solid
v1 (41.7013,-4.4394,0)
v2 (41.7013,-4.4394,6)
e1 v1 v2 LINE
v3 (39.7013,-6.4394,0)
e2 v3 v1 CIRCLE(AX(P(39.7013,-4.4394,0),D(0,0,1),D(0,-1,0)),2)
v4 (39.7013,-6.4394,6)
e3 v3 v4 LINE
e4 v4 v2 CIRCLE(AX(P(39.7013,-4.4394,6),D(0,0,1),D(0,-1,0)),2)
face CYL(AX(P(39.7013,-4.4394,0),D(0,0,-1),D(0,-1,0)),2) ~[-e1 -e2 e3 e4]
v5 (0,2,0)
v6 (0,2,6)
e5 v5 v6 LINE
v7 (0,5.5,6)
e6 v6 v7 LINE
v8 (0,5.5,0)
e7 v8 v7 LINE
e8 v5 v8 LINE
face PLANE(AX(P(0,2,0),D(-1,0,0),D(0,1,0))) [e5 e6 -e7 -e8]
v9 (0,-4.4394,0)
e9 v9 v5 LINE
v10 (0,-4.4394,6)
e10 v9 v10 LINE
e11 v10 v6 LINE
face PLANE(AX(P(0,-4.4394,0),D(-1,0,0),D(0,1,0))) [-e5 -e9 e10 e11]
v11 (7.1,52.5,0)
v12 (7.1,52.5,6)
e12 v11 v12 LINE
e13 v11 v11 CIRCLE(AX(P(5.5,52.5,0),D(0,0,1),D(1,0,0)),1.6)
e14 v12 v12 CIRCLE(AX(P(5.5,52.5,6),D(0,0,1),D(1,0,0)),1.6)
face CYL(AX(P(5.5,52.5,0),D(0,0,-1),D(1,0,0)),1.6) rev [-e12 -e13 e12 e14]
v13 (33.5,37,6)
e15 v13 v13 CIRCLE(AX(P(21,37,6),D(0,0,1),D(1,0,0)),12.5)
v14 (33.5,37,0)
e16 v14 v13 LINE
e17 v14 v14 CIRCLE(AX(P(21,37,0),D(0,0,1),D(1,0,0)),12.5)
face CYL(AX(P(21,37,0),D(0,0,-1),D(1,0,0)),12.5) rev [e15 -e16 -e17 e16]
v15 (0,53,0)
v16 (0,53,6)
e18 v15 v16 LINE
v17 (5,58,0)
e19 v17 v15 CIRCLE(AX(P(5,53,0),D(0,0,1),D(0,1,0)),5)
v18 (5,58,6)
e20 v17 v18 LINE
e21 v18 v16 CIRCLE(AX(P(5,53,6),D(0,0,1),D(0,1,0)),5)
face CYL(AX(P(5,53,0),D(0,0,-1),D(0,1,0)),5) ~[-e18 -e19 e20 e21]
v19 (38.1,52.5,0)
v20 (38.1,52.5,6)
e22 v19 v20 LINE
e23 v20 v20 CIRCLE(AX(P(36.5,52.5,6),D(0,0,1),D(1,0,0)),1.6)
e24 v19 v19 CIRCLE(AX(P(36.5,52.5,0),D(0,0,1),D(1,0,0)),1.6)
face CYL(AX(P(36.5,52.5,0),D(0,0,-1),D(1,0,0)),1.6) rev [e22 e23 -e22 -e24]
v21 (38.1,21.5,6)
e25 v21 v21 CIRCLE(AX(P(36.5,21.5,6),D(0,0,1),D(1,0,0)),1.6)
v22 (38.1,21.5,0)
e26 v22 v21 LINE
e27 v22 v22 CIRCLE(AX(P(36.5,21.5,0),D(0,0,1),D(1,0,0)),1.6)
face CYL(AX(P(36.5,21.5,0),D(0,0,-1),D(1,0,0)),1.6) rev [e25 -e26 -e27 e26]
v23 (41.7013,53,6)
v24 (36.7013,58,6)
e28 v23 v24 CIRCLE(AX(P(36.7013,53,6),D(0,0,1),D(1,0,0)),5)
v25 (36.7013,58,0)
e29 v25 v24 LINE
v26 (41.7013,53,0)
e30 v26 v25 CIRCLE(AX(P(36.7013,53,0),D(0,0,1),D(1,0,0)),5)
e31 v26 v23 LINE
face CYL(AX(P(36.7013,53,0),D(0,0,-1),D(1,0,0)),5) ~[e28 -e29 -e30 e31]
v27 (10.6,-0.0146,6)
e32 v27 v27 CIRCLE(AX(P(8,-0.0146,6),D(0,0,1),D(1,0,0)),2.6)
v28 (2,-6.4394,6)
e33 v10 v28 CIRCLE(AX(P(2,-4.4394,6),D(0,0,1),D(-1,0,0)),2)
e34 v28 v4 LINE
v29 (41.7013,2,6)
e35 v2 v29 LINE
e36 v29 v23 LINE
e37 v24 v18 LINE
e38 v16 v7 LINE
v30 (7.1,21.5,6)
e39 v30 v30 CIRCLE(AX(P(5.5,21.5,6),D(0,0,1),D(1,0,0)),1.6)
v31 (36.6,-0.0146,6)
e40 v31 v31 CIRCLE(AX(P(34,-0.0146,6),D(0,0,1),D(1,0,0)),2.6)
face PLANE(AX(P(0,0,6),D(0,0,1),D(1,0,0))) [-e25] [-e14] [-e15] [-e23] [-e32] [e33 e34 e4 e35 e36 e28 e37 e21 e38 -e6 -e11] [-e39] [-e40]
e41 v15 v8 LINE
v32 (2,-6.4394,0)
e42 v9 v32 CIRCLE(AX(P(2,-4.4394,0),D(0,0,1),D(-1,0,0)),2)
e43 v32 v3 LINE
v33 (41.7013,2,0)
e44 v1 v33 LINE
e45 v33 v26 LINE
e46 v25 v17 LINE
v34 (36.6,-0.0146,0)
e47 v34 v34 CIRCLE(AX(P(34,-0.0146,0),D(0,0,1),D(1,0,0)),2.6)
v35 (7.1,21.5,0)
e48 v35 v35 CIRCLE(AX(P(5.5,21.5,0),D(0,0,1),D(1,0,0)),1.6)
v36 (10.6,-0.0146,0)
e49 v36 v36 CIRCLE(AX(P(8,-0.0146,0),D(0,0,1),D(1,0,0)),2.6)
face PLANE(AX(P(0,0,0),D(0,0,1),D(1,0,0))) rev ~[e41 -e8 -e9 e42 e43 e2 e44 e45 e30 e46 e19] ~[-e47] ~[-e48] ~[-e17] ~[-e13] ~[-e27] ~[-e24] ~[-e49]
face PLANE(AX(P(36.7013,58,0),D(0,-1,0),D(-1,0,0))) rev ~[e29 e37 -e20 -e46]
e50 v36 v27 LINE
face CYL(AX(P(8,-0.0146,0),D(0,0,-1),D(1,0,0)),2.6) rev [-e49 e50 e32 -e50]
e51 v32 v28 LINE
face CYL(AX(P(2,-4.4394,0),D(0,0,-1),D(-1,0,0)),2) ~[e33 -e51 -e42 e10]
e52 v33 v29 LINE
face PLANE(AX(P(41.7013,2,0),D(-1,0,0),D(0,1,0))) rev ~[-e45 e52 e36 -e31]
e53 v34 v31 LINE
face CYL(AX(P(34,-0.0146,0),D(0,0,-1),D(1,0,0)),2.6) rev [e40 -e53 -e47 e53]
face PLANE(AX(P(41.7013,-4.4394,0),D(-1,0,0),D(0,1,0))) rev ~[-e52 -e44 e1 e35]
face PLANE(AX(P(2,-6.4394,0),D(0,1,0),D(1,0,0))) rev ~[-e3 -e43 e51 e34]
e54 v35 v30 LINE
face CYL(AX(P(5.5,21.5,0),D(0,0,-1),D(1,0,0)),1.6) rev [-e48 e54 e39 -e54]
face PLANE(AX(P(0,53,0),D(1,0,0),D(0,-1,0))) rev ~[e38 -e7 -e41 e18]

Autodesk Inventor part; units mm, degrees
ref_plane "YZ Plane" through (0, 0, 0) normal (1, 0, 0) x (0, 1, 0)
ref_plane "XZ Plane" through (0, 0, 0) normal (0, 1, 0) x (-1, 0, 0)
ref_plane "XY Plane" through (0, 0, 0) normal (0, 0, 1) x (1, 0, 0)
sketch "Sketch1" plane through (0, 0, 0) normal (0, 0, 1) x (1, 0, 0)
  line L0 (2, -8.4394) -> (39.7013, -8.4394)
  line L1 (41.7013, 2) -> (41.7013, 48)
  line L2 (36.7013, 53) -> (5, 53)
  line L3 (0, 48) -> (0, 2)
  line L4 (5, 53) -> (36.7013, 53)
  line L5 (41.7013, 48) -> (41.7013, 11.2987)
  line L6 (0, 11) -> (0, 48)
  circle A0 centre (21, 32) radius 12.5
  circle A1 centre (5.5, 47.5) radius 1.6
  circle A2 centre (36.5, 47.5) radius 1.6
  circle A3 centre (36.5, 16.5) radius 1.6
  circle A4 centre (5.5, 16.5) radius 1.6
  line L7 (0, 2) -> (0, 5.5)
  circle A5 centre (34, -0.0146) radius 2.6
  circle A6 centre (8, -0.0146) radius 2.6
  arc A7 (5, 53) -> (0, 48) centre (5, 48) ccw
  arc A8 (41.7013, 48) -> (36.7013, 53) centre (36.7013, 48) ccw
  arc A9 (0, -6.4394) -> (2, -8.4394) centre (2, -6.4394) ccw
  arc A10 (39.7013, -8.4394) -> (41.7013, -6.4353) centre (39.7013, -6.4394) ccw
  line L8 (8, 53) -> (71, 53) construction
  line L9 (8, -15.5146) -> (8, 4.4854)
  line L10 (8, 10) -> (19.9253, 10)
  line L11 (19.9253, 10) -> (19.9253, 0)
  line L12 (41.7013, -6.4394) -> (41.7013, 2)
  line L13 (0, -6.4394) -> (0, 2)
  line L14 (19.9253, 0) -> (19.9253, -8.5)
  point P0 (0, 0)
  point P1 (41.7013, 0)
  dimension "d8" = 3.2
  dimension "d9" = 3.2
  dimension "d10" = 5.5
  dimension "d13" = 5.2
  dimension "d14" = 5.2
  dimension "d16" = 2
  dimension "d22" = 20
  dimension "d23" = 10
  dimension "d24" = 8.5
sketch "Sketch2" plane through (0, 0, 0) normal (0, 0, 1) x (1, 0, 0)
  circle A0 centre (21, 32) radius 12.5 projected
  line L0 (36.7013, 53) -> (5, 53) projected
  arc A1 (41.7013, 48) -> (36.7013, 53) centre (36.7013, 48) ccw projected
  line L1 (41.7013, -6.4353) -> (41.7013, 48) projected
  arc A2 (39.7013, -8.4394) -> (41.7013, -6.4353) centre (39.7013, -6.4394) ccw projected
  line L2 (2, -8.4394) -> (39.7013, -8.4394) projected
  arc A3 (0, -6.4394) -> (2, -8.4394) centre (2, -6.4394) ccw projected
  line L3 (0, 48) -> (0, -8.0248) projected
  arc A4 (5, 53) -> (0, 48) centre (5, 48) ccw projected
  circle A5 centre (5.5, 47.5) radius 1.6 projected
  circle A6 centre (36.5, 47.5) radius 1.6 projected
  circle A7 centre (36.5, 16.5) radius 1.6 projected
  circle A8 centre (5.5, 16.5) radius 1.6 projected
  circle A9 centre (8, -0.0146) radius 2.6 projected
  circle A10 centre (34, -0.0146) radius 2.6 projected
  line L4 (27.3496, 53) -> (27.3496, 13)
  line L5 (27.3496, 53) -> (67.3496, 53) construction
  line L6 (27.3496, 13) -> (27.3496, -7)
  line L7 (27.3496, -7) -> (27.3496, 3)
  line L8 (27.3496, 3) -> (19.3517, 3)
  point P0 (0, 0)
  dimension "d17" = 40
  dimension "d18" = 90
  dimension "d19" = 20
sketch "Sketch3" plane through (0, 0, 0) normal (0, 0, 1) x (1, 0, 0)
  line L0 (36.7013, 53) -> (5, 53) projected
  arc A0 (41.7013, 48) -> (36.7013, 53) centre (36.7013, 48) ccw projected
  line L1 (41.7013, 2) -> (41.7013, 48) projected
  line L2 (41.7013, -6.4353) -> (41.7013, 2) projected
  arc A1 (39.7013, -8.4394) -> (41.7013, -6.4353) centre (39.7013, -6.4394) ccw projected
  line L3 (2, -8.4394) -> (39.7013, -8.4394) projected
  arc A2 (0, -6.4394) -> (2, -8.4394) centre (2, -6.4394) ccw projected
  line L4 (0, -8.0248) -> (0, 2) projected
  line L5 (0, 48) -> (0, 2) projected
  arc A3 (5, 53) -> (0, 48) centre (5, 48) ccw projected
  circle A4 centre (5.5, 47.5) radius 1.6 projected
  circle A5 centre (36.5, 47.5) radius 1.6 projected
  circle A6 centre (21, 32) radius 12.5 projected
  circle A7 centre (5.5, 16.5) radius 1.6 projected
  circle A8 centre (36.5, 16.5) radius 1.6 projected
  circle A9 centre (34, -0.0146) radius 2.6 projected
  circle A10 centre (8, -0.0146) radius 2.6 projected
  point P0 (0, 0)
sketch "Sketch4" plane through (0, 0, 0) normal (0, 0, 1) x (1, 0, 0)
  line L0 (36.7013, 58) -> (5, 58)
  arc A0 (41.7013, 53) -> (36.7013, 58) centre (36.7013, 53) ccw
  line L1 (41.7013, 2) -> (41.7013, 53)
  line L2 (0, -4.4394) -> (0, 2)
  line L3 (0, 2) -> (0, 5.5)
  line L4 (0, 53) -> (0, 2)
  arc A1 (5, 58) -> (0, 53) centre (5, 53) ccw
  circle A2 centre (5.5, 52.5) radius 1.6
  circle A3 centre (36.5, 52.5) radius 1.6
  circle A4 centre (21, 37) radius 12.5
  circle A5 centre (5.5, 21.5) radius 1.6
  circle A6 centre (36.5, 21.5) radius 1.6
  circle A7 centre (8, -0.0146) radius 2.6
  circle A8 centre (34, -0.0146) radius 2.6
  line L5 (41.7013, -4.4394) -> (41.7013, 2)
  line L6 (2, -6.4394) -> (39.7013, -6.4394)
  arc A9 (0, -4.4394) -> (2, -6.4394) centre (2, -4.4394) ccw
  arc A10 (39.7013, -6.4394) -> (41.7013, -4.4394) centre (39.7013, -4.4394) ccw
  line L7 (21, 37) -> (26, 37) construction
  point P0 (0, 0)
  point P1 (0, -6.4394)
  point P2 (41.7013, -6.4394)
  dimension "d27" = 2
extrude "Extrusion1" add sketch "Sketch4" along normal blind 6
properties part number "Z Motor Mount LC"
